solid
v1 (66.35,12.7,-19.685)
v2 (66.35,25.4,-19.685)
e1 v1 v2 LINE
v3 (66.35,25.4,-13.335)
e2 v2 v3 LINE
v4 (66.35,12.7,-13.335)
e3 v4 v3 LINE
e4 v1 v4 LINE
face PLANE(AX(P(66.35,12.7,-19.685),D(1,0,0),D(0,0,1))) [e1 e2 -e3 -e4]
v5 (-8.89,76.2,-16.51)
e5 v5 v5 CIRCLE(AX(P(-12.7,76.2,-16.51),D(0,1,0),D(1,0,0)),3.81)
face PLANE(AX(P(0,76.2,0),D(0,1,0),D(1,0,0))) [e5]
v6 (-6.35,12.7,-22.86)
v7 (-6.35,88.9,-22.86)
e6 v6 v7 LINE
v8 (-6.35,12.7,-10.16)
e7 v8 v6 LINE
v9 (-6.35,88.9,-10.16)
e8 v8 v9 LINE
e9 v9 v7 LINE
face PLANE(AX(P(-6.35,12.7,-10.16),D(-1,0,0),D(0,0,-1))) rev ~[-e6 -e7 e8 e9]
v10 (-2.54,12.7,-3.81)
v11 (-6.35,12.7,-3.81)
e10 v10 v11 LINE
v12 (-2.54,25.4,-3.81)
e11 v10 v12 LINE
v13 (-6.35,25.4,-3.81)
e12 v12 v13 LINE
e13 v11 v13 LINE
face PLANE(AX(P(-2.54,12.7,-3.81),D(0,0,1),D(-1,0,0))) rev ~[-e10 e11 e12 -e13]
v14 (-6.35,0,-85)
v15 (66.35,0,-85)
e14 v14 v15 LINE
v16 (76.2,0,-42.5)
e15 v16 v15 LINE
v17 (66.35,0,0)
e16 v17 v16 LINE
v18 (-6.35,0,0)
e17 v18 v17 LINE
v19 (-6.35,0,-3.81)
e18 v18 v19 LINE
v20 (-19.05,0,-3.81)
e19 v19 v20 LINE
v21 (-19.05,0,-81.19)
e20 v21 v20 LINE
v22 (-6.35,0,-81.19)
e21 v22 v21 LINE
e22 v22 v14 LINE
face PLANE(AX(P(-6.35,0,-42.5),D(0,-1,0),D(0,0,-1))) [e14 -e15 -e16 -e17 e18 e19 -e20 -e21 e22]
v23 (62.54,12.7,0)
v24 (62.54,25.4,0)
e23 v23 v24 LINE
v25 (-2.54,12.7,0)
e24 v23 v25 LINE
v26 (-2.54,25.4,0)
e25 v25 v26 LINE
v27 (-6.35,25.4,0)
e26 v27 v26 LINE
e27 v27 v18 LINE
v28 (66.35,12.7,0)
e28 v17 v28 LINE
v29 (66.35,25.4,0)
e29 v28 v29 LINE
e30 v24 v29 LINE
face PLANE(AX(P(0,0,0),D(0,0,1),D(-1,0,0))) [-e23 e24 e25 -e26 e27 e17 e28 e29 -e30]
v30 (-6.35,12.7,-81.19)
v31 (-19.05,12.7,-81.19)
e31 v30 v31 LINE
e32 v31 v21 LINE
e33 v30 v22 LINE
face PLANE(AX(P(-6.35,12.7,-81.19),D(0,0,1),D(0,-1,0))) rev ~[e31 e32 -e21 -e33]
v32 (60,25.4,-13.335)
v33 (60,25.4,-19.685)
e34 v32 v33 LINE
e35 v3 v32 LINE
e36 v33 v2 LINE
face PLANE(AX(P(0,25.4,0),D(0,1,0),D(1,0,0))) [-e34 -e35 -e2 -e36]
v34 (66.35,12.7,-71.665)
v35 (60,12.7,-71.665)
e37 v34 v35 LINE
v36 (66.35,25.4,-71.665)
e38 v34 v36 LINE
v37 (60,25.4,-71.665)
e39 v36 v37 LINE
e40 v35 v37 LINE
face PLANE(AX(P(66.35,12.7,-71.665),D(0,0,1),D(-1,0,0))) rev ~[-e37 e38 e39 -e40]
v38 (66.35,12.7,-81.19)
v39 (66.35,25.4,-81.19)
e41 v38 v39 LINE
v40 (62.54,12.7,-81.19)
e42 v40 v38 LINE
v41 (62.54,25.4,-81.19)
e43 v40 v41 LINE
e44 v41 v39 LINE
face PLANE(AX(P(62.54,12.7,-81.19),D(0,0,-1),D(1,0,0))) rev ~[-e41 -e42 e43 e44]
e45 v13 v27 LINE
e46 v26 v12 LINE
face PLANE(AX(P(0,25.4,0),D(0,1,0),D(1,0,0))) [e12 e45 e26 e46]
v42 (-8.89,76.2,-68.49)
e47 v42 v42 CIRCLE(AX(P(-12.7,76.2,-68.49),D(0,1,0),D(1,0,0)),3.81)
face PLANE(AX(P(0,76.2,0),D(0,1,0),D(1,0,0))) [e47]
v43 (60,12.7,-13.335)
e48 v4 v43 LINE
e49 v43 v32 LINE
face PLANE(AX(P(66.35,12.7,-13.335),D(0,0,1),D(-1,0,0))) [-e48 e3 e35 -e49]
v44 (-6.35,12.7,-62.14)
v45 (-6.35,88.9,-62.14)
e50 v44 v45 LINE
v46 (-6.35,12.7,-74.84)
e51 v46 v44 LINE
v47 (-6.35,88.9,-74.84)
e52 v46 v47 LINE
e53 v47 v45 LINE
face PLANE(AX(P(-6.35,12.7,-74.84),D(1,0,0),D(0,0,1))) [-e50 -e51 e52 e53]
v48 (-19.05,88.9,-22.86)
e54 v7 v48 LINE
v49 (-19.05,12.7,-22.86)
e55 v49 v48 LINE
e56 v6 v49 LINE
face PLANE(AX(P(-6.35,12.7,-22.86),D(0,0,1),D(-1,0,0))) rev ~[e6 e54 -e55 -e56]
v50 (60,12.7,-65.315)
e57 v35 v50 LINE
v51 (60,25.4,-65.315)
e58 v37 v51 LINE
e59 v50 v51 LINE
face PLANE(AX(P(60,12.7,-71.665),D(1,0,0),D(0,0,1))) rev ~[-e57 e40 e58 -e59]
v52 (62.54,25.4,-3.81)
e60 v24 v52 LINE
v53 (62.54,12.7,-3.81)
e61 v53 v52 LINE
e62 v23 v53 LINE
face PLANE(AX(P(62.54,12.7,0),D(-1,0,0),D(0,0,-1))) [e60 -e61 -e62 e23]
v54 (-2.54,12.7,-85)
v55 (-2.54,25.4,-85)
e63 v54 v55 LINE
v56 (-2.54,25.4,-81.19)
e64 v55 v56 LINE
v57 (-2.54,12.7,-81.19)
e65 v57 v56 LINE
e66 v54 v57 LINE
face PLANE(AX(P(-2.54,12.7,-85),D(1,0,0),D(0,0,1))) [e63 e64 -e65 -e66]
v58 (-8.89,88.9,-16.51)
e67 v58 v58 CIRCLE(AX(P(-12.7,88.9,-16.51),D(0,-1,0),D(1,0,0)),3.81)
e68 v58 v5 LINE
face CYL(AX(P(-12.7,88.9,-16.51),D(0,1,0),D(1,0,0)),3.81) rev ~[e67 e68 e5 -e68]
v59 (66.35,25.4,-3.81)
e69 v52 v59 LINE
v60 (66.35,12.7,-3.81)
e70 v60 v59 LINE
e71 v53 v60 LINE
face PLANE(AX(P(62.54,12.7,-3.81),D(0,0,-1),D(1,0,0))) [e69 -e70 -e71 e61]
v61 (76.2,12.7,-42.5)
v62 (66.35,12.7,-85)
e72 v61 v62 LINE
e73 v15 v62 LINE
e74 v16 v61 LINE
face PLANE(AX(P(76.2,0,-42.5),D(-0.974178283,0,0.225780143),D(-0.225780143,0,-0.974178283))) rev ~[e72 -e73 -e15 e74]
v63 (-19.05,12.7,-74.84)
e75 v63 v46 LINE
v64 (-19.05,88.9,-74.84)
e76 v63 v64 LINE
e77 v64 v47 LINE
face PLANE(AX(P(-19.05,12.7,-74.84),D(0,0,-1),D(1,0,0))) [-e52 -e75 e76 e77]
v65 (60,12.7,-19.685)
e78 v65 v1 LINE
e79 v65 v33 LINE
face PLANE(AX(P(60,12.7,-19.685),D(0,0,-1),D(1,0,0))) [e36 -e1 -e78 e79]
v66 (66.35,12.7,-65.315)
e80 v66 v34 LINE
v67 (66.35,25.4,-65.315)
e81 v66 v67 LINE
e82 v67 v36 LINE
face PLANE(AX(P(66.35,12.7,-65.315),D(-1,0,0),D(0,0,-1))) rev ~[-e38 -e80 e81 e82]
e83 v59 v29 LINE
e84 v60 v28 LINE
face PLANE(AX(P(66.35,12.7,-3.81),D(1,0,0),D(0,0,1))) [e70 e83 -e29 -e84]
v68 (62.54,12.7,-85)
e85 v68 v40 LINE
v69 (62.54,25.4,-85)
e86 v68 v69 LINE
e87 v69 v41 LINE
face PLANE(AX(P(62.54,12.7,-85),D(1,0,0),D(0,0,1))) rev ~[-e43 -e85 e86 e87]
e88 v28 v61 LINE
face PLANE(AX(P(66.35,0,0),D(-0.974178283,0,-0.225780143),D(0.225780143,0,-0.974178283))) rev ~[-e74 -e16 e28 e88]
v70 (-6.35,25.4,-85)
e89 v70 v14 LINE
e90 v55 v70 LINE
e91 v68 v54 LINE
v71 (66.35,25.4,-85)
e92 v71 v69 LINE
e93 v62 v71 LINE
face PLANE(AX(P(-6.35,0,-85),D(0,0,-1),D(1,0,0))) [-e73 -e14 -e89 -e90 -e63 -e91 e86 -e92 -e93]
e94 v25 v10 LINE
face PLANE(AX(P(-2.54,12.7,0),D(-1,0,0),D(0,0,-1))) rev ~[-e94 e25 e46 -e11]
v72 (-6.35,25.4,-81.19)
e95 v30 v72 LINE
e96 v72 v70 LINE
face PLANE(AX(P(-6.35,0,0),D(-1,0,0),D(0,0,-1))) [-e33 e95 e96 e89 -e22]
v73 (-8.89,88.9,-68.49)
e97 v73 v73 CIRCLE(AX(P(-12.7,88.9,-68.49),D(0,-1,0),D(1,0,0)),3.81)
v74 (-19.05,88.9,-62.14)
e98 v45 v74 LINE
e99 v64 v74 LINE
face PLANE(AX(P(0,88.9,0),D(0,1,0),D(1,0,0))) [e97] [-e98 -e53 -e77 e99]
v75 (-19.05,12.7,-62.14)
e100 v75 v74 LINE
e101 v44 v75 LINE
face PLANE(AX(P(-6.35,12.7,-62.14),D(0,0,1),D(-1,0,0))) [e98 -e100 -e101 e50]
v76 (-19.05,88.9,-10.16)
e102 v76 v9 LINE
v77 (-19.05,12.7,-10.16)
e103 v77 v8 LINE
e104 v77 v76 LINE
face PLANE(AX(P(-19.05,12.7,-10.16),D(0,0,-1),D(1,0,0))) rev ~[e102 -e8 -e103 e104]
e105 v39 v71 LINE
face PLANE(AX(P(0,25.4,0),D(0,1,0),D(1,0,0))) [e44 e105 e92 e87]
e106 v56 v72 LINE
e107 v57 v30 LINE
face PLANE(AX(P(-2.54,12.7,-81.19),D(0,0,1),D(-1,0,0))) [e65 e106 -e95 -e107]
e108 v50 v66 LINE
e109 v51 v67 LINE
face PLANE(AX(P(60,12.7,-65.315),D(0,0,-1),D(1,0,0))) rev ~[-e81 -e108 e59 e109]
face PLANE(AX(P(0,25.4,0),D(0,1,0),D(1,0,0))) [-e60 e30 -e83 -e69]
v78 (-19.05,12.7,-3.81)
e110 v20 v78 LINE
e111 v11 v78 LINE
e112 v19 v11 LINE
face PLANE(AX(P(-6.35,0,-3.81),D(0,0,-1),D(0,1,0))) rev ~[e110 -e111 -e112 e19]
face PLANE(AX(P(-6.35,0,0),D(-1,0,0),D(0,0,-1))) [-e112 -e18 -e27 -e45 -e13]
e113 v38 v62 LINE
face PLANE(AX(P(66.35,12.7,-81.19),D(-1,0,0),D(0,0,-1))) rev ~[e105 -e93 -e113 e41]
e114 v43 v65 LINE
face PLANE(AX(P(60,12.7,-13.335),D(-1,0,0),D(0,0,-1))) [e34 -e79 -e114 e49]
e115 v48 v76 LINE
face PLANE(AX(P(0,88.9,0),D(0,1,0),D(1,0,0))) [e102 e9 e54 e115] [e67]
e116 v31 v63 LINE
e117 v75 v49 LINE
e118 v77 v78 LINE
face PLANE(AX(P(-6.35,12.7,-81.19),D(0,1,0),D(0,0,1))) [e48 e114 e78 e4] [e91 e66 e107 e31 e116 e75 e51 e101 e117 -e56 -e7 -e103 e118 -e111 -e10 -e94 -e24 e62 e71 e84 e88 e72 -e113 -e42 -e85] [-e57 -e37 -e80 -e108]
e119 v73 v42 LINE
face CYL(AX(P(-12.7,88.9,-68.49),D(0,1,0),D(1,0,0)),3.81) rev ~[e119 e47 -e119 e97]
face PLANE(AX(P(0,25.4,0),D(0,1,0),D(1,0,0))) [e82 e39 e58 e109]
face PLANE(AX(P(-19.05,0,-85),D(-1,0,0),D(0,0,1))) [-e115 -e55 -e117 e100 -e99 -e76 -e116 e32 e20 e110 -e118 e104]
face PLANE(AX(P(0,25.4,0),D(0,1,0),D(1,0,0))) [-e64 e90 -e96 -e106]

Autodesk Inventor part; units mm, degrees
ref_plane "YZ Plane" through (0, 0, 0) normal (1, 0, 0) x (0, 1, 0)
ref_plane "XZ Plane" through (0, 0, 0) normal (0, 1, 0) x (-1, 0, 0)
ref_plane "XY Plane" through (0, 0, 0) normal (0, 0, 1) x (1, 0, 0)
sketch "Sketch1" plane through (0, 0, 0) normal (0, 1, 0) x (-1, 0, 0)
  line L0 (0, 0) -> (0, -85)
  line L1 (0, 0) -> (-60, 0)
  line L2 (-60, 0) -> (-60, -85)
  line L3 (-60, -85) -> (0, -85)
  line L4 (0, -42.5) -> (-76.2, -42.5)
  line L5 (-60, 0) -> (-66.35, 0)
  line L6 (-66.35, 0) -> (-66.35, -6.35)
  line L7 (-66.35, -6.35) -> (-60, -6.35)
  line L8 (-60, -6.35) -> (-60, 0)
  line L9 (0, 0) -> (6.35, 0)
  line L10 (6.35, 0) -> (6.35, -85)
  line L11 (6.35, -85) -> (0, -85)
  line L12 (-60, -85) -> (-66.35, -85)
  line L13 (-66.35, 0) -> (-76.2, -42.5)
  line L14 (-76.2, -42.5) -> (-66.35, -85)
  dimension "d0" = 85
  dimension "d1" = 60
  dimension "d2" = 76.2
  dimension "d3" = 6.35
  dimension "d4" = 6.35
  dimension "d5" = 6.35
  dimension "d6" = 6.35
extrude "Extrusion1" add sketch "Sketch1" along normal blind 12.7
sketch "Sketch2" plane through (0, 12.7, 0) normal (0, 1, 0) x (1, 0, 0)
  line L0 (-6.35, 0) -> (66.35, 0) projected
  line L1 (-6.35, 0) -> (-2.54, 0)
  line L2 (-2.54, 0) -> (-2.54, 3.81)
  line L3 (-2.54, 3.81) -> (-6.35, 3.81)
  line L4 (-6.35, 3.81) -> (-6.35, 0)
  line L5 (66.35, 85) -> (-6.35, 85) projected
  line L6 (-6.35, 85) -> (-2.54, 85)
  line L7 (-2.54, 85) -> (-2.54, 81.19)
  line L8 (-2.54, 81.19) -> (-6.35, 81.19)
  line L9 (-6.35, 81.19) -> (-6.35, 85)
  line L10 (66.35, 0) -> (62.54, 0)
  line L11 (62.54, 0) -> (62.54, 3.81)
  line L12 (62.54, 3.81) -> (66.35, 3.81)
  line L13 (66.35, 3.81) -> (66.35, 0)
  line L14 (66.35, 85) -> (62.54, 85)
  line L15 (62.54, 85) -> (62.54, 81.19)
  line L16 (62.54, 81.19) -> (66.35, 81.19)
  line L17 (66.35, 81.19) -> (66.35, 85)
  point P0 (0, 0)
  dimension "d9" = 3.81
  dimension "d10" = 3.81
  dimension "d11" = 3.81
  dimension "d12" = 3.81
  dimension "d13" = 3.81
  dimension "d14" = 3.81
  dimension "d15" = 3.81
  dimension "d16" = 3.81
extrude "Extrusion2" add sketch "Sketch2" along normal blind 12.7
sketch "Sketch3" plane through (-6.35, 0, -85) normal (-1, 0, 0) x (0, 0, 1)
  line L0 (3.81, 12.7) -> (81.19, 12.7) projected
  line L1 (42.5, 0) -> (0, 0) projected
  line L2 (81.19, 12.7) -> (3.81, 12.7)
  line L3 (3.81, 12.7) -> (3.81, 0)
  line L4 (3.81, 0) -> (81.19, 0)
  line L5 (81.19, 0) -> (81.19, 12.7)
  point P0 (85, 0)
extrude "Extrusion3" add sketch "Sketch3" along normal blind 12.7
sketch "Sketch4" plane through (0, 12.7, 0) normal (0, 1, 0) x (1, 0, 0)
  line L0 (-19.05, 3.81) -> (-19.05, 10.16)
  line L1 (-19.05, 81.19) -> (-19.05, 3.81) projected
  line L2 (-19.05, 10.16) -> (-6.35, 10.16)
  line L3 (-6.35, 10.16) -> (-6.35, 22.86)
  line L4 (-6.35, 22.86) -> (-19.05, 22.86)
  line L5 (-19.05, 22.86) -> (-19.05, 10.16)
  line L6 (-6.35, 81.19) -> (-19.05, 81.19) projected
  line L7 (-19.05, 81.19) -> (-19.05, 74.84)
  line L8 (-19.05, 74.84) -> (-6.35, 74.84)
  line L9 (-6.35, 74.84) -> (-6.35, 62.14)
  line L10 (-6.35, 62.14) -> (-19.05, 62.14)
  line L11 (-19.05, 62.14) -> (-19.05, 74.84)
  dimension "d39" = 6.35
  dimension "d40" = 12.7
  dimension "d41" = 12.7
  dimension "d42" = 6.35
  dimension "d43" = 12.7
  dimension "d44" = 12.7
extrude "Extrusion4" add sketch "Sketch4" along normal blind 76.2
sketch "Sketch5" plane through (0, 88.9, 0) normal (0, 1, 0) x (1, 0, 0)
  line L0 (-2.54, 3.81) -> (-6.35, 3.81) projected
  line L1 (-19.05, 74.84) -> (-19.05, 81.19) projected
  line L2 (-19.05, 74.84) -> (-19.05, 68.49)
  line L3 (-19.05, 81.19) -> (-19.05, 3.81) projected
  line L4 (-19.05, 68.49) -> (-12.7, 68.49)
  circle A0 centre (-12.7, 68.49) radius 3.81
  line L5 (-19.05, 22.86) -> (-19.05, 62.14) projected
  line L6 (-19.05, 22.86) -> (-19.05, 16.51)
  line L7 (-19.05, 16.51) -> (-12.7, 16.51)
  circle A1 centre (-12.7, 16.51) radius 3.81
  point P0 (0, 0)
  point P1 (-6.35, 68.49)
  dimension "d45" = 6.35
  dimension "d46" = 6.35
  dimension "d47" = 7.62
  dimension "d48" = 6.35
  dimension "d49" = 6.35
  dimension "d50" = 7.62
extrude "Extrusion5" cut sketch "Sketch5" against normal blind 12.7
sketch "Sketch6" plane through (0, 12.7, 0) normal (0, 1, 0) x (1, 0, 0)
  line L0 (62.54, 3.81) -> (66.35, 3.81) projected
  line L1 (66.35, 3.81) -> (66.35, 13.335)
  line L2 (66.35, 81.19) -> (62.54, 81.19) projected
  line L3 (66.35, 81.19) -> (66.35, 71.665)
  line L4 (66.35, 13.335) -> (60, 13.335)
  line L5 (60, 13.335) -> (60, 19.685)
  line L6 (60, 19.685) -> (66.35, 19.685)
  line L7 (66.35, 19.685) -> (66.35, 13.335)
  line L8 (66.35, 71.665) -> (60, 71.665)
  line L9 (60, 71.665) -> (60, 65.315)
  line L10 (60, 65.315) -> (66.35, 65.315)
  line L11 (66.35, 65.315) -> (66.35, 71.665)
  point P0 (0, 0)
  dimension "d31" = 9.525
  dimension "d32" = 9.525
  dimension "d33" = 6.35
  dimension "d34" = 6.35
  dimension "d35" = 6.35
  dimension "d36" = 6.35
extrude "Extrusion6" add sketch "Sketch6" along normal blind 12.7
properties part number "Maglev_Stand"
